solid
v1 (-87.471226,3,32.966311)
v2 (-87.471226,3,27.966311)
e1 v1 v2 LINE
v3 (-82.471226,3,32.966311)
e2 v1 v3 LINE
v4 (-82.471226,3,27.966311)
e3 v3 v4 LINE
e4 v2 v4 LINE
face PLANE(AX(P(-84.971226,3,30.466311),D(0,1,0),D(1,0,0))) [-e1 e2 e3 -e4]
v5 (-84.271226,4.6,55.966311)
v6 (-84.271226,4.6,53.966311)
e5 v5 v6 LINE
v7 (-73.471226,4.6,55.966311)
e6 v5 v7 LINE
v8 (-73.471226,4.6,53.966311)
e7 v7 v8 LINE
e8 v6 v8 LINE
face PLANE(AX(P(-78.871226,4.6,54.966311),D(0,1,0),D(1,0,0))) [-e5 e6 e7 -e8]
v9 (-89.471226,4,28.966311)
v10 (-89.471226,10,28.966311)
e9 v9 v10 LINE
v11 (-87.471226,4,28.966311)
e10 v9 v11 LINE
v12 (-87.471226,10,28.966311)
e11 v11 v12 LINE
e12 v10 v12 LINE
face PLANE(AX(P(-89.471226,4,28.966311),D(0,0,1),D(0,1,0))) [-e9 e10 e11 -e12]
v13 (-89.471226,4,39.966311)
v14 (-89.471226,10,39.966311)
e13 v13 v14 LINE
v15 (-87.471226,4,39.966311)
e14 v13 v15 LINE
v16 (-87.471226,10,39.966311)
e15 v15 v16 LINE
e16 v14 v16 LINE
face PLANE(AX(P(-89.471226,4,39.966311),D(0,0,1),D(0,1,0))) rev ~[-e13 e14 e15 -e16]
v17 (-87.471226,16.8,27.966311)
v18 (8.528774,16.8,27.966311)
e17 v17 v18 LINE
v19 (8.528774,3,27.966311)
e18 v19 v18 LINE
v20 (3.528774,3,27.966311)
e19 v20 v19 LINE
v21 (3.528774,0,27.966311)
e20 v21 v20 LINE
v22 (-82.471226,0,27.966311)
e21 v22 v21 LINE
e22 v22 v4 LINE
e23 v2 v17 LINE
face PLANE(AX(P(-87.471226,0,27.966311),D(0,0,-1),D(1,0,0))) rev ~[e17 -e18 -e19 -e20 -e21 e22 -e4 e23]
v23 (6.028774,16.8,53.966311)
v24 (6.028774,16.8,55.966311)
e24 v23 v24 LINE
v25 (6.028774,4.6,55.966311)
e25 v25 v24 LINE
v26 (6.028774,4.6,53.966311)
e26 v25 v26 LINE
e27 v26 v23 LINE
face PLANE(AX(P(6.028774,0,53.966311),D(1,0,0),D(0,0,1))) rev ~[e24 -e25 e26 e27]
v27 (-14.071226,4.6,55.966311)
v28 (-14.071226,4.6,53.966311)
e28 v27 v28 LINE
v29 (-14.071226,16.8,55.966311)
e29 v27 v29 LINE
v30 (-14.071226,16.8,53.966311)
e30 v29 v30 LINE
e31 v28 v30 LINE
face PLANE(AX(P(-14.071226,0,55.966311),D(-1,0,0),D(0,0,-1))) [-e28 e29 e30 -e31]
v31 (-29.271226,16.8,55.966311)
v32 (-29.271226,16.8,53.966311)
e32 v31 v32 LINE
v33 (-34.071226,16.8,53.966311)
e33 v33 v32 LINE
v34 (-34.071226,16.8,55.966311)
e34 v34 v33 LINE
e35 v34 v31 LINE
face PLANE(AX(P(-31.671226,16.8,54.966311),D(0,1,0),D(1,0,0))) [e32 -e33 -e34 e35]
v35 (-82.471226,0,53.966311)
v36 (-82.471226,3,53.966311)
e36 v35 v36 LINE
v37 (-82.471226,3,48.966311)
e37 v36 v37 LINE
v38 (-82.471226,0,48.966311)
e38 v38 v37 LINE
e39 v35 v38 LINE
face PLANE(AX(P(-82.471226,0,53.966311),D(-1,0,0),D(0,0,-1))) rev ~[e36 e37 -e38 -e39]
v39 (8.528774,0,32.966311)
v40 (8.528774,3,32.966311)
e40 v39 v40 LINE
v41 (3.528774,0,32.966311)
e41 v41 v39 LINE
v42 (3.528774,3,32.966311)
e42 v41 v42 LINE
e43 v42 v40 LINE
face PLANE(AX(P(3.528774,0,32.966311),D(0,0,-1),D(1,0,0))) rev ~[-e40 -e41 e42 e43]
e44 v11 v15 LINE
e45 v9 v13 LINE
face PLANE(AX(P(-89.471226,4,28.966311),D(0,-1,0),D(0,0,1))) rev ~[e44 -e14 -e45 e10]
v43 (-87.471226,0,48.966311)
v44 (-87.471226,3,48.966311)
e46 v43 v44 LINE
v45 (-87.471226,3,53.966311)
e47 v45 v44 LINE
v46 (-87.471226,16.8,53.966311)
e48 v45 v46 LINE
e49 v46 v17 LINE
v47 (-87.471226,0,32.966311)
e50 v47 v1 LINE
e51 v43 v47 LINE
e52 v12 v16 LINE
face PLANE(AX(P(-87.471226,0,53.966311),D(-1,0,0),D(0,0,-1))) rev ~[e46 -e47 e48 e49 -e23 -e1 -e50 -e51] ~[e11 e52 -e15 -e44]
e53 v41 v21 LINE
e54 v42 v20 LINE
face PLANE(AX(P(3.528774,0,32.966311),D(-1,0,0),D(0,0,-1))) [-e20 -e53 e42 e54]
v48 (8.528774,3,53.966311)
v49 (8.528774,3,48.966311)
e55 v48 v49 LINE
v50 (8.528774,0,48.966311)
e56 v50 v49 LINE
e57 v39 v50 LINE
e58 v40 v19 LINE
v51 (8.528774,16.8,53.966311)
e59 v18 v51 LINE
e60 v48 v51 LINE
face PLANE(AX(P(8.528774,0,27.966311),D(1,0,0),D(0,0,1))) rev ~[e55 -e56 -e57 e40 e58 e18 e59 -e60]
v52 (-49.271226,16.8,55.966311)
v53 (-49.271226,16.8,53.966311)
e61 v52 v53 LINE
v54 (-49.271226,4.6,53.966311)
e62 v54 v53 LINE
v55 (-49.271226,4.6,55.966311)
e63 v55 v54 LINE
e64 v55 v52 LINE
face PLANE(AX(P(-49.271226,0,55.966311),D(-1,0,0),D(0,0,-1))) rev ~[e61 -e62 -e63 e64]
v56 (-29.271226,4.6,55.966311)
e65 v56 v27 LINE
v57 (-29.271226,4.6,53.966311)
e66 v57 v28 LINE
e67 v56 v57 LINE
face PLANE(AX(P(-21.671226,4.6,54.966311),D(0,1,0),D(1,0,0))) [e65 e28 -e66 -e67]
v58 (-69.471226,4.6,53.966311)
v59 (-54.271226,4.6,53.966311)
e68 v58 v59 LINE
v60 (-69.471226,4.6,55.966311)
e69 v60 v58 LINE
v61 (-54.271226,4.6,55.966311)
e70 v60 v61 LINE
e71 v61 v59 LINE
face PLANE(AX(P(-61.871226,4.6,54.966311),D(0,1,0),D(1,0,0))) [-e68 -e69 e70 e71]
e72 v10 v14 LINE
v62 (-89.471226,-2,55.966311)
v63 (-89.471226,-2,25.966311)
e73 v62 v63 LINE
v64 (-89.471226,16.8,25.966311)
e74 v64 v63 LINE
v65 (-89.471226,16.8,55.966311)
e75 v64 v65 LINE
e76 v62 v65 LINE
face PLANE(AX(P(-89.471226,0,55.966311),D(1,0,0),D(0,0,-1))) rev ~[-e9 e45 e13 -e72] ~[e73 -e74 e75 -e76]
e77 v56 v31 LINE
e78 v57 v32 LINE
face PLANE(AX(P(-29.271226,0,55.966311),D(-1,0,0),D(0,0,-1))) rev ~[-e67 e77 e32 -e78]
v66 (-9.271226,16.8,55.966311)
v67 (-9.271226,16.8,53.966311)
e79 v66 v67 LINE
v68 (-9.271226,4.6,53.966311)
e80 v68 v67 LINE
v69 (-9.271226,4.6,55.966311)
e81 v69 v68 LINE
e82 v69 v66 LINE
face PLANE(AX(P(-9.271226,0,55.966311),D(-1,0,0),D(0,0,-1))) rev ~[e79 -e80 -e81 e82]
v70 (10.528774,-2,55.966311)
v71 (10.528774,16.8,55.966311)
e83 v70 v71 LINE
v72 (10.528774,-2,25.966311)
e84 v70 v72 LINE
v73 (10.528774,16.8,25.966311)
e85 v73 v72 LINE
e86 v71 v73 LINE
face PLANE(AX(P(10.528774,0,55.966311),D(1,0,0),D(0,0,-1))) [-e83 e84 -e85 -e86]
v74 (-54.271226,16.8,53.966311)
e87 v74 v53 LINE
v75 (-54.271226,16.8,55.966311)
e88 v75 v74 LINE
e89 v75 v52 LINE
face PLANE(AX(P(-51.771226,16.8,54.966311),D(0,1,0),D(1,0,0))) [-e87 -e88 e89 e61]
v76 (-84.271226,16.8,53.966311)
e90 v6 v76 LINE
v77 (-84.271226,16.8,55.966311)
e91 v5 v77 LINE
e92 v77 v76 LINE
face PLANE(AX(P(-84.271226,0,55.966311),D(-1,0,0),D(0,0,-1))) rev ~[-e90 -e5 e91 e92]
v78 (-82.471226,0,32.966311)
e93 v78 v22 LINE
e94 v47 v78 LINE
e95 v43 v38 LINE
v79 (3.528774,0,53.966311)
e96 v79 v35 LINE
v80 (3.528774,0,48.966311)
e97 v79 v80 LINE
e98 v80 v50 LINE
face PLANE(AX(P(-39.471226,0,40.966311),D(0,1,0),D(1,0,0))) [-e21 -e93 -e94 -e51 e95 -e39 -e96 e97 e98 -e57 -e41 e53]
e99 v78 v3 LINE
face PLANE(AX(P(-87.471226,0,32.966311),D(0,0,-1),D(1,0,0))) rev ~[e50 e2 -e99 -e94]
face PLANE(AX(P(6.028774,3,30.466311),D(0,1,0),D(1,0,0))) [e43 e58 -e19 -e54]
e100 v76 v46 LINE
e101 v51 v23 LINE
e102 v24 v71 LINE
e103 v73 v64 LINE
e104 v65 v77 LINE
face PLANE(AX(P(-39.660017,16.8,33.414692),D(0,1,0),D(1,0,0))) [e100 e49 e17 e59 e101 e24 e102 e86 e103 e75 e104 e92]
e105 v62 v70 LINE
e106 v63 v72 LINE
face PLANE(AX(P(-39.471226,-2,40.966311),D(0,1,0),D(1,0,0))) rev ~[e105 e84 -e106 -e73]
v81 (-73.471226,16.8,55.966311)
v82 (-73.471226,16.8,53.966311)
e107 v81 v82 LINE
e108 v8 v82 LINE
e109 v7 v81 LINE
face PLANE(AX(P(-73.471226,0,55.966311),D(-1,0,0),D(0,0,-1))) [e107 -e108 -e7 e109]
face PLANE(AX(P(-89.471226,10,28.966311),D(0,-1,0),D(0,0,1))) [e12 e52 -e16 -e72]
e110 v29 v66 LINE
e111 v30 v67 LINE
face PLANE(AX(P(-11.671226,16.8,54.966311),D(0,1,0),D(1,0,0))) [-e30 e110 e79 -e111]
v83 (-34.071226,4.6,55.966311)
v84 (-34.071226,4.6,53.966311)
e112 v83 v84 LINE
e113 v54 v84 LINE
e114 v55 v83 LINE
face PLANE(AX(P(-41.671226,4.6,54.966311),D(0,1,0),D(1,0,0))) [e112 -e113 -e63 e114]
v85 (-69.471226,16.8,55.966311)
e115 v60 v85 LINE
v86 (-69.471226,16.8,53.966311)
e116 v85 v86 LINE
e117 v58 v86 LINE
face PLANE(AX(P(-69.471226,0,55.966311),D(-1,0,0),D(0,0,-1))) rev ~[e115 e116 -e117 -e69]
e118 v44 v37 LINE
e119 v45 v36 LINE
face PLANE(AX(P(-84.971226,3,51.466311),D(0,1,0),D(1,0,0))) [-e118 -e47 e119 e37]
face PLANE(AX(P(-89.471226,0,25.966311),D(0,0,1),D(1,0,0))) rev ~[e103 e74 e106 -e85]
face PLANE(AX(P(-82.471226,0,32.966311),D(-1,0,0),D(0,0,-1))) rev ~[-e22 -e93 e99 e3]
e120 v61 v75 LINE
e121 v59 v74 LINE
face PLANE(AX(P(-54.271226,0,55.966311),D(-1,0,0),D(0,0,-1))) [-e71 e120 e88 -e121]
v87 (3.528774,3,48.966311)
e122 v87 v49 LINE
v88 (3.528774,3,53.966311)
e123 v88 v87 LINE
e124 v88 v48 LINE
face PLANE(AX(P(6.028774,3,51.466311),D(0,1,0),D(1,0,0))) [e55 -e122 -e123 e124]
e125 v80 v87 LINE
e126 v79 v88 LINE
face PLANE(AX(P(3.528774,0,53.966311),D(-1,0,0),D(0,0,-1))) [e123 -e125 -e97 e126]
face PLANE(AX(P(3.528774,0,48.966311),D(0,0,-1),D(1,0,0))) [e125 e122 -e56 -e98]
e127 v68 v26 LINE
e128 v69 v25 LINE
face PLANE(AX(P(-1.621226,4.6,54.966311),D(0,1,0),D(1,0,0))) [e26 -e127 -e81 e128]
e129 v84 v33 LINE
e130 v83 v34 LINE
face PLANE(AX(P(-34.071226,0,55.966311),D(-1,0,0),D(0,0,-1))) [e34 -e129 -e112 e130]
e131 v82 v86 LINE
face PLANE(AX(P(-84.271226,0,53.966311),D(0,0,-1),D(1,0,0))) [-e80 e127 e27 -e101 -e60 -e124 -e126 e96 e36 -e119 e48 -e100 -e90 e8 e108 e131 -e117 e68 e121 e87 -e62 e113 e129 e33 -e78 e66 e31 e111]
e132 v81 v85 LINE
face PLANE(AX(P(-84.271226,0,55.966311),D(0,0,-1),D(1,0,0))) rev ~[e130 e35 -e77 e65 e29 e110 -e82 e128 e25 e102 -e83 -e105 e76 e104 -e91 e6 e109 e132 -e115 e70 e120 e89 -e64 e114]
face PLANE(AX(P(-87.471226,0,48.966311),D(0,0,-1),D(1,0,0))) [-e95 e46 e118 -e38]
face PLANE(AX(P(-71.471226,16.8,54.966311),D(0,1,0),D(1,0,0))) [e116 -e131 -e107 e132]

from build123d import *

# Parameters (mm, degrees)
BOSS_EXTRUDE1_DEPTH   = 16.8
SKETCH1_W             = 4.8
SKETCH1_H             = 2
BOSS_EXTRUDE1_2_DEPTH = 16.8
SKETCH1_W_2           = 4
BOSS_EXTRUDE1_3_DEPTH = 16.8
BOSS_EXTRUDE1_4_DEPTH = 16.8
SKETCH1_W_3           = 5
BOSS_EXTRUDE1_5_DEPTH = 16.8
SKETCH1_3_W           = 100
SKETCH1_3_H           = 30
BOSS_EXTRUDE2_DEPTH   = 2
SKETCH1_6_W           = 15.3
SKETCH1_6_H           = 2
SKETCH1_6_W_2         = 10.8
SKETCH1_6_W_3         = 15.2
BOSS_EXTRUDE4_DEPTH   = 4.6
SKETCH3_W             = 5
SKETCH3_H             = 5
BOSS_EXTRUDE5_DEPTH   = 3
SKETCH4_W             = 11
SKETCH4_H             = 6
CUT_EXTRUDE2_DEPTH    = 4


with BuildPart() as part:
    # Sketch1 → Boss-Extrude1 (new body)
    with BuildSketch(Plane(origin=(0, 0, 0), x_dir=(1, 0, 0), z_dir=(0, 1, 0))):
        Polygon((-87.471226233, -53.96631097), (-87.471226233, -27.96631097), (8.528773767, -27.96631097), (8.528773767, -53.96631097), (6.028773767, -53.96631097), (6.028773767, -55.96631097), (10.528773767, -55.96631097), (10.528773767, -25.96631097), (-89.471226233, -25.96631097), (-89.471226233, -55.96631097), (-84.271226233, -55.96631097), (-84.271226233, -53.96631097), align=None)
    extrude(amount=BOSS_EXTRUDE1_DEPTH)



with BuildPart() as body_2:
    # Sketch1 → Boss-Extrude1 2 (new body)
    with BuildSketch(Plane(origin=(0, 0, 0), x_dir=(1, 0, 0), z_dir=(0, 1, 0))):
        with Locations((-11.671226233, -54.96631097)):
            Rectangle(SKETCH1_W, SKETCH1_H)
    extrude(amount=BOSS_EXTRUDE1_2_DEPTH)


with BuildPart() as body_3:
    # Sketch1 → Boss-Extrude1 3 (new body)
    with BuildSketch(Plane(origin=(0, 0, 0), x_dir=(1, 0, 0), z_dir=(0, 1, 0))):
        with Locations((-71.471226233, -54.96631097)):
            Rectangle(SKETCH1_W_2, SKETCH1_H)
    extrude(amount=BOSS_EXTRUDE1_3_DEPTH)


with BuildPart() as body_4:
    # Sketch1 → Boss-Extrude1 4 (new body)
    with BuildSketch(Plane(origin=(0, 0, 0), x_dir=(1, 0, 0), z_dir=(0, 1, 0))):
        with Locations((-31.671226233, -54.96631097)):
            Rectangle(SKETCH1_W, SKETCH1_H)
    extrude(amount=BOSS_EXTRUDE1_4_DEPTH)


with BuildPart() as body_5:
    # Sketch1 → Boss-Extrude1 5 (new body)
    with BuildSketch(Plane(origin=(0, 0, 0), x_dir=(1, 0, 0), z_dir=(0, 1, 0))):
        with Locations((-51.771226233, -54.96631097)):
            Rectangle(SKETCH1_W_3, SKETCH1_H)
    extrude(amount=BOSS_EXTRUDE1_5_DEPTH)


with BuildPart() as part_1:
    add(part.part)

    add(body_2.part)  # Boss-Extrude2 merges body 2

    add(body_3.part)  # Boss-Extrude2 merges body 3

    add(body_4.part)  # Boss-Extrude2 merges body 4

    add(body_5.part)  # Boss-Extrude2 merges body 5
    # Sketch1<3> → Boss-Extrude2 (add)
    with BuildSketch(Plane(origin=(0, 0, 0), x_dir=(1, 0, 0), z_dir=(0, 1, 0))):
        with Locations((-39.471226233, -40.96631097)):
            Rectangle(SKETCH1_3_W, SKETCH1_3_H)
    extrude(amount=-BOSS_EXTRUDE2_DEPTH)

    # Sketch1<6> → Boss-Extrude4 (add)
    with BuildSketch(Plane(origin=(0, 0, 0), x_dir=(1, 0, 0), z_dir=(0, 1, 0))):
        with Locations((-1.621226233, -54.96631097)):
            Rectangle(SKETCH1_6_W, SKETCH1_6_H)
        with Locations((-78.871226233, -54.96631097)):
            Rectangle(SKETCH1_6_W_2, SKETCH1_6_H)
        with Locations((-21.671226233, -54.96631097)):
            Rectangle(SKETCH1_6_W_3, SKETCH1_6_H)
        with Locations((-61.871226233, -54.96631097)):
            Rectangle(SKETCH1_6_W_3, SKETCH1_6_H)
        with Locations((-41.671226233, -54.96631097)):
            Rectangle(SKETCH1_6_W_3, SKETCH1_6_H)
    extrude(amount=BOSS_EXTRUDE4_DEPTH)

    # Sketch3 → Boss-Extrude5 (add)
    with BuildSketch(Plane(origin=(0, 0, 0), x_dir=(1, 0, 0), z_dir=(0, 1, 0))):
        with Locations((-84.971226233, -30.46631097)):
            Rectangle(SKETCH3_W, SKETCH3_H)
        with Locations((6.028773767, -30.46631097)):
            Rectangle(SKETCH3_W, SKETCH3_H)
        with Locations((6.028773767, -51.46631097)):
            Rectangle(SKETCH3_W, SKETCH3_H)
        with Locations((-84.971226233, -51.46631097)):
            Rectangle(SKETCH3_W, SKETCH3_H)
    extrude(amount=BOSS_EXTRUDE5_DEPTH)

    # Sketch4 → Cut-Extrude2 (cut)
    with BuildSketch(Plane.ZY.offset(89.471226233)):
        with Locations((34.46631097, 7)):
            Rectangle(SKETCH4_W, SKETCH4_H)
    extrude(amount=-CUT_EXTRUDE2_DEPTH, mode=Mode.SUBTRACT)


solid = part_1.part
